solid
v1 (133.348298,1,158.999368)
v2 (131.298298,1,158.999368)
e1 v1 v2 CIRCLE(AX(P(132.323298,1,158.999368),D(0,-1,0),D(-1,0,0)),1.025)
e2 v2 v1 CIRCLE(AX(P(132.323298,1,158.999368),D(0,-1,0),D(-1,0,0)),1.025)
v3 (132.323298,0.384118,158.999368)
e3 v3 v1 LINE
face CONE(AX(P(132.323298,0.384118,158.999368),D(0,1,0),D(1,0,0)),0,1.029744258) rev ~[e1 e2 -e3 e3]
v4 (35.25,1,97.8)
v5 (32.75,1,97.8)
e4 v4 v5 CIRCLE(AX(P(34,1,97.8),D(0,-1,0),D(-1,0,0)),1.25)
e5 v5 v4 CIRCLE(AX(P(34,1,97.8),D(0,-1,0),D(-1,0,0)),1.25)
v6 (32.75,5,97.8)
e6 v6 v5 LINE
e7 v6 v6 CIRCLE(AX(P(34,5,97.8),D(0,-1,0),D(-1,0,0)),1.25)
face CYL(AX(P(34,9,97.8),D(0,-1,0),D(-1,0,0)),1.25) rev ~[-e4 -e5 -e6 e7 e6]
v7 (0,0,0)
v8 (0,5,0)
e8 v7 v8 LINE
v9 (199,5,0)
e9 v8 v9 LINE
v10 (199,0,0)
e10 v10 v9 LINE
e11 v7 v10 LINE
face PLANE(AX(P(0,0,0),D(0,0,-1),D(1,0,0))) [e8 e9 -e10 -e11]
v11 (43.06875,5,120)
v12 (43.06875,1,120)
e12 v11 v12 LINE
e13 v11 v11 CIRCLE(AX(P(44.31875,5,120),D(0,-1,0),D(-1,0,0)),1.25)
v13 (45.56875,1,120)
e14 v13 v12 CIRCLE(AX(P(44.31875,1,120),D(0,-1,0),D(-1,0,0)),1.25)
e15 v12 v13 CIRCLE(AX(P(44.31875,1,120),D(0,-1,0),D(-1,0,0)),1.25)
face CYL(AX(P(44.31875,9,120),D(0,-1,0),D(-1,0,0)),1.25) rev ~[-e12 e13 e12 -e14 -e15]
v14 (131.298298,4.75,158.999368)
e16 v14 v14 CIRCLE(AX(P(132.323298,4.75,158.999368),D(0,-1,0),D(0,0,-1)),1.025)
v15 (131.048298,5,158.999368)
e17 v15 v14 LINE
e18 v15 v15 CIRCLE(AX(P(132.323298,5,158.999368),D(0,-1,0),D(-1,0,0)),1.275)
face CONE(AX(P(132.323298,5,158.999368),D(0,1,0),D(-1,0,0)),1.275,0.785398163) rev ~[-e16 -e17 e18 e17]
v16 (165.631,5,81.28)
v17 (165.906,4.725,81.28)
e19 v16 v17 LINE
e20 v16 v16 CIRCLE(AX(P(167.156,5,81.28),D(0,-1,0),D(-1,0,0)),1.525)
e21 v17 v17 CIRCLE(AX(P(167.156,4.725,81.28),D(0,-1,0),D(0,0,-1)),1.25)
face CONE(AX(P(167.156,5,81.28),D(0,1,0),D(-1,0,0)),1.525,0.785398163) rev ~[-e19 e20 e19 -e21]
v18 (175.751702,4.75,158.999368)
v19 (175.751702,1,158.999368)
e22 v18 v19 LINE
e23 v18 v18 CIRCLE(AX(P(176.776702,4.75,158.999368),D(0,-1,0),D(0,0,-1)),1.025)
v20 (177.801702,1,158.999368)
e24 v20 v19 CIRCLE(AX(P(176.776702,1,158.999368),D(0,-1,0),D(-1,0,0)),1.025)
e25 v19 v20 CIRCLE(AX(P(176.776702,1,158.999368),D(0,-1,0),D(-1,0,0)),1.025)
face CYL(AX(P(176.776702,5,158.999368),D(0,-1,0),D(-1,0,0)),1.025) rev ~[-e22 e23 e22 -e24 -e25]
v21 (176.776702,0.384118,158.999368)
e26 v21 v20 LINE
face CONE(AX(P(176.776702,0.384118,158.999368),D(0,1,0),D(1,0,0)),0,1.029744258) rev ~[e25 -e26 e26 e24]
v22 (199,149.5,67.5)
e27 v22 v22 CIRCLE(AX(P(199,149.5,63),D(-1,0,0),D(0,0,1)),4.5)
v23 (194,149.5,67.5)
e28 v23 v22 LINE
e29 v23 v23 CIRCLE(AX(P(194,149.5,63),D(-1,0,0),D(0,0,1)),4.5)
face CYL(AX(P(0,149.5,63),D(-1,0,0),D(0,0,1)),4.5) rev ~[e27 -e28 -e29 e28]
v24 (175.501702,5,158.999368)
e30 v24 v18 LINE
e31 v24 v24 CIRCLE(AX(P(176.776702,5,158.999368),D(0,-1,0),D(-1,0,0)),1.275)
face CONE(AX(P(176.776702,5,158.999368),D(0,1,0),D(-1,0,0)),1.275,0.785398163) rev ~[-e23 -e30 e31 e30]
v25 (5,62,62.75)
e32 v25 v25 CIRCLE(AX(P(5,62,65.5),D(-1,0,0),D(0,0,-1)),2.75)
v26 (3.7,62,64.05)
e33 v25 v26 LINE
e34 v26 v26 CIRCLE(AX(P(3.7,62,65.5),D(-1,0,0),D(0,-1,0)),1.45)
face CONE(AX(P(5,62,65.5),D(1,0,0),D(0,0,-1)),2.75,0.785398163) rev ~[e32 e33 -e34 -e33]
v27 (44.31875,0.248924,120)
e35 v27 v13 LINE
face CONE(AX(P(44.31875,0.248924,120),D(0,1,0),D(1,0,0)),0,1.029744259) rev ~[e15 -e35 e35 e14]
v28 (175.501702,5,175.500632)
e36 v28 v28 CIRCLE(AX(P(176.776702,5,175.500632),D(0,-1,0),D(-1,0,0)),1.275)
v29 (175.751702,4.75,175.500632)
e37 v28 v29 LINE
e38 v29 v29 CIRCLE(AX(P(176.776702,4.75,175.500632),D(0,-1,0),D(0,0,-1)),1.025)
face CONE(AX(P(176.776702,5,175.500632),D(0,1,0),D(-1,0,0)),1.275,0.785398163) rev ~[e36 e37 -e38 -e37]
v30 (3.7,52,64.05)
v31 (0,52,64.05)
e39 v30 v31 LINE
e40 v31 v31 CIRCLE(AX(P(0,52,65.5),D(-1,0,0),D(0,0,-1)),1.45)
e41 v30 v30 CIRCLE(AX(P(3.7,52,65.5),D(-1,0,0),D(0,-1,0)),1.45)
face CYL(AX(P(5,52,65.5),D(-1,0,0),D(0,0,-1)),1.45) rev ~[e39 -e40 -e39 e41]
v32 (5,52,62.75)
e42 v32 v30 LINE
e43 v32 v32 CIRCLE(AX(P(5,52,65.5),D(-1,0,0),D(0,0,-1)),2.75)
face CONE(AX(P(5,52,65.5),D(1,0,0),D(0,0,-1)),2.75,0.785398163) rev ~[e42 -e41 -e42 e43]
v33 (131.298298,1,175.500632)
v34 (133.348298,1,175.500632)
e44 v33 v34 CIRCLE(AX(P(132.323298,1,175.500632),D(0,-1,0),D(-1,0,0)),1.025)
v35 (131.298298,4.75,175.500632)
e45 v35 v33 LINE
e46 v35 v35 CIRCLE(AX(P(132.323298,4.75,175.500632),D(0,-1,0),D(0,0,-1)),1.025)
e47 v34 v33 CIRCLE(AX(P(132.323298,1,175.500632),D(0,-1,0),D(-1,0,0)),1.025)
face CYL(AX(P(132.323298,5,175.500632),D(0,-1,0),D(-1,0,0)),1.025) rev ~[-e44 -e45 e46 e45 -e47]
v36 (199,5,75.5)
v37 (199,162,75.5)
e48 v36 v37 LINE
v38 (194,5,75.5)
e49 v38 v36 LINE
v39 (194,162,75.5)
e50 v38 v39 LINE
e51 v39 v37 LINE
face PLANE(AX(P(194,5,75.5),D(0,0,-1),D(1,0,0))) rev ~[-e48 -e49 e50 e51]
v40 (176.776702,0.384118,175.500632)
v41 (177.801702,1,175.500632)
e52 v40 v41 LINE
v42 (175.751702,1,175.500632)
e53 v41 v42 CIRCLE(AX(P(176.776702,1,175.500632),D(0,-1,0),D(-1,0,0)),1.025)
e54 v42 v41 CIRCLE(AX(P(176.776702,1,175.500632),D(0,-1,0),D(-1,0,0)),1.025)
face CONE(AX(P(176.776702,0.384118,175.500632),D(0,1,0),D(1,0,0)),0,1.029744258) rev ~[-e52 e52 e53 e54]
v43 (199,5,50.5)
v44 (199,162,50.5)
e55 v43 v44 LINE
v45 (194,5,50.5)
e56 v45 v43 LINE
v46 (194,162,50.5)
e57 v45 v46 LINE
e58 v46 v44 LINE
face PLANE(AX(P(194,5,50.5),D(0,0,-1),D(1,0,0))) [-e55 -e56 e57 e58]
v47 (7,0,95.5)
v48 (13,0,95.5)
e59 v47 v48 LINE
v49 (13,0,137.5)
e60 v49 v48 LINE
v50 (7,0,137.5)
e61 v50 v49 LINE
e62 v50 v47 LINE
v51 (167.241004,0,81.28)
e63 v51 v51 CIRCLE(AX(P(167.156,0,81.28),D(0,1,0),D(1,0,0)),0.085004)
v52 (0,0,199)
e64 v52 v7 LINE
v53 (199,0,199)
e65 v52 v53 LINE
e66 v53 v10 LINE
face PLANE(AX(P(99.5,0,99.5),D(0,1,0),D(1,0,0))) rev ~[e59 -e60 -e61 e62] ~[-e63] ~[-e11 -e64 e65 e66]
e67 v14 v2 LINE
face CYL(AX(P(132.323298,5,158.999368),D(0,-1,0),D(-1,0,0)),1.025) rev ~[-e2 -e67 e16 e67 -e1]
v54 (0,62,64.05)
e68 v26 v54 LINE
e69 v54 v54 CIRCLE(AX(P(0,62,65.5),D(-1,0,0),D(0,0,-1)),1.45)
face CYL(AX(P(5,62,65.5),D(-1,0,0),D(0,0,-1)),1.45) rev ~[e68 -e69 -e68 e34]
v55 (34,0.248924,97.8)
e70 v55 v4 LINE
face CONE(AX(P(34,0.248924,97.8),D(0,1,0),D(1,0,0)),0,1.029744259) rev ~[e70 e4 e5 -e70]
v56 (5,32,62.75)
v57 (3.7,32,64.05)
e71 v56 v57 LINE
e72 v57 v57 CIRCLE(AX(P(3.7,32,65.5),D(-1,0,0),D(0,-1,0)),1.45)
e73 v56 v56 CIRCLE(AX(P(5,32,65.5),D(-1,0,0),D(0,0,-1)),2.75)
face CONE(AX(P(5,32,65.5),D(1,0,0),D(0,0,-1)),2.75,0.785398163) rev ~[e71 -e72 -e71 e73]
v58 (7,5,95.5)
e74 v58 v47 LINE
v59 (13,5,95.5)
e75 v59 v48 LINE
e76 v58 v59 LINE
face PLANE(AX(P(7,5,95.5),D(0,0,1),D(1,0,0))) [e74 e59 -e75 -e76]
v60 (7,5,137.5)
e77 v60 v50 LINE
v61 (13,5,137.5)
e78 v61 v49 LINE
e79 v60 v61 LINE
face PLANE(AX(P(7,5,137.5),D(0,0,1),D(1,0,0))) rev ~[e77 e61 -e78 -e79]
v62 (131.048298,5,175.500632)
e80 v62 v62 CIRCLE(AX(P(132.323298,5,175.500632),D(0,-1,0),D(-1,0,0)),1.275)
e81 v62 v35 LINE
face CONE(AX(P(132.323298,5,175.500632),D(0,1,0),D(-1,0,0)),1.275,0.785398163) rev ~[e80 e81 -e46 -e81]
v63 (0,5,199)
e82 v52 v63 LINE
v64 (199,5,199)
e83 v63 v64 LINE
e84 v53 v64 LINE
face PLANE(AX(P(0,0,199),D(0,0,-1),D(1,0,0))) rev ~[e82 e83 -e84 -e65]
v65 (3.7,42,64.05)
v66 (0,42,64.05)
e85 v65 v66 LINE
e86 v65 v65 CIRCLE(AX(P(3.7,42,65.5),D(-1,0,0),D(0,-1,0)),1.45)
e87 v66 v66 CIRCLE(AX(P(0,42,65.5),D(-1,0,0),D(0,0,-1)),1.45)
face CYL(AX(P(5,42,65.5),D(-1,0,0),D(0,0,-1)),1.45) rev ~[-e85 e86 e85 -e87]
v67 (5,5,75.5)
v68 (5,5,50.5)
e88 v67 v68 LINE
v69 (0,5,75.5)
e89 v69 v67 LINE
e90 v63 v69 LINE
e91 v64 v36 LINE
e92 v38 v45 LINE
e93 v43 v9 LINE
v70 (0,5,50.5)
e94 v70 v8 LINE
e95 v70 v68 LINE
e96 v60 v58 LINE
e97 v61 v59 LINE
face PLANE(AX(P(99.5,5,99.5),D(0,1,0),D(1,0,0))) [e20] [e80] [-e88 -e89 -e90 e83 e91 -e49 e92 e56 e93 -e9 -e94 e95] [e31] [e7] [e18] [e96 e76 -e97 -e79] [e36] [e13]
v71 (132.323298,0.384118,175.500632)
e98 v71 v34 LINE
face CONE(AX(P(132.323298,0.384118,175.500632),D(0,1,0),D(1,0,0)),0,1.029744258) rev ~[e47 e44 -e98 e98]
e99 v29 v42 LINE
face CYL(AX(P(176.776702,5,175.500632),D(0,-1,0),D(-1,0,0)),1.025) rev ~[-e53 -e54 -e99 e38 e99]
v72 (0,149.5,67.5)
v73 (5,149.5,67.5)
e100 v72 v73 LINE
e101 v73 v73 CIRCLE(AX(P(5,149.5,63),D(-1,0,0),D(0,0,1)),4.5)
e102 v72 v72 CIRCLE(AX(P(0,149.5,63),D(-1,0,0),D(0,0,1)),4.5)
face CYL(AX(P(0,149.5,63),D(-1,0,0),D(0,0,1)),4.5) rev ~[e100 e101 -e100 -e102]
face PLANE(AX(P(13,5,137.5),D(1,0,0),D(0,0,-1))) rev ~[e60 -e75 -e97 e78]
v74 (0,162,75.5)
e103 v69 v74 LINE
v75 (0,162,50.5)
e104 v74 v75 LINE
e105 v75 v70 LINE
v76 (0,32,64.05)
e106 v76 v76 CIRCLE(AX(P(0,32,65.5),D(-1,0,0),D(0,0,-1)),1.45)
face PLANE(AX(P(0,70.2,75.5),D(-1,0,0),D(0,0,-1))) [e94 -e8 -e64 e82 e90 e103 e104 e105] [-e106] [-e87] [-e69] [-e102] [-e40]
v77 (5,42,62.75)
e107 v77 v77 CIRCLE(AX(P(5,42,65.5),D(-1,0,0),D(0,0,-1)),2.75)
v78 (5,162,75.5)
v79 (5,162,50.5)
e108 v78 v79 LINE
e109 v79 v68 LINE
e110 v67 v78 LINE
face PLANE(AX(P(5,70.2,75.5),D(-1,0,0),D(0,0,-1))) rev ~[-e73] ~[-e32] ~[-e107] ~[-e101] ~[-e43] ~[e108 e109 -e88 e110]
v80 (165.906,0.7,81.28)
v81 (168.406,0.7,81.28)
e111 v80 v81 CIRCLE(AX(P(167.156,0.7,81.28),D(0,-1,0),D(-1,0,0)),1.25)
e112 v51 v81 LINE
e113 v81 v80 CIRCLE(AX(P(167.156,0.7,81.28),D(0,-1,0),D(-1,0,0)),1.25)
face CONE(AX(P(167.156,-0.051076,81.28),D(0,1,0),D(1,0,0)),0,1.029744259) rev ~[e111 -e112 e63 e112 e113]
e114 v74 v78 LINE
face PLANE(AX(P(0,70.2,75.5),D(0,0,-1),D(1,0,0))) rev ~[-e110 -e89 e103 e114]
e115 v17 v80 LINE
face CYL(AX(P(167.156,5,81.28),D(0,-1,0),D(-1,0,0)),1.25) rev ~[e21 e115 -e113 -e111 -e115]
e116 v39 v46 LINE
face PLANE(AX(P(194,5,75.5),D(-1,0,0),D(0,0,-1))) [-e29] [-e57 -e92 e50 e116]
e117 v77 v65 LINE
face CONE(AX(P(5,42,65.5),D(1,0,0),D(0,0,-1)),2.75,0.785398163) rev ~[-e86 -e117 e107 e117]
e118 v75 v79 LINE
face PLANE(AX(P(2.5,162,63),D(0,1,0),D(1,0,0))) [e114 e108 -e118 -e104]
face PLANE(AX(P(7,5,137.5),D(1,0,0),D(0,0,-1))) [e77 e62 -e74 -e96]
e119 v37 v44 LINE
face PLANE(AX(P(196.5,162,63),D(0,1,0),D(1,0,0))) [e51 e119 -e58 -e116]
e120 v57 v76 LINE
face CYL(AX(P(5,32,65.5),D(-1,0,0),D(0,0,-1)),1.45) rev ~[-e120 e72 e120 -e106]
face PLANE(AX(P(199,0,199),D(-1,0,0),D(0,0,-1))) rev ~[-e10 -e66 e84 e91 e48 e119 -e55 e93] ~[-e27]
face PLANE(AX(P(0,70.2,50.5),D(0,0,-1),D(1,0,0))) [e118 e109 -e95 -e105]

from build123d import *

# Parameters (mm, degrees)
SKETCH1_W                                         = 199
SKETCH1_H                                         = 199
BOSS_EXTRUDE1_DEPTH                               = 5
SKETCH2_W                                         = 5
SKETCH2_H                                         = 25
BOSS_EXTRUDE2_DEPTH                               = 18.8
SKETCH3_W                                         = 5
SKETCH3_H                                         = 25
BOSS_EXTRUDE3_DEPTH                               = 46.4
SKETCH4_W                                         = 5
SKETCH4_H                                         = 25
BOSS_EXTRUDE4_DEPTH                               = 91.8
SKETCH5_W                                         = 5
SKETCH5_H                                         = 25
BOSS_EXTRUDE5_DEPTH                               = 157
SKETCH6_R                                         = 4.5
CUT_EXTRUDE1_DEPTH                                = 325.724498614
SKETCH12_W                                        = 6
SKETCH12_H                                        = 42
CUT_EXTRUDE3_DEPTH                                = 5
M3X0_5_TAPPED_HOLE1_D                             = 2.5
M3X0_5_TAPPED_HOLE1_DEPTH                         = 4
M3X0_5_TAPPED_HOLE1_TIP                           = 0.751075774
CSK_FOR_M2_5_FLAT_HEAD_MACHINE_SCREW1_D           = 2.9
CSK_FOR_M2_5_FLAT_HEAD_MACHINE_SCREW1_DEPTH       = 5
CSK_FOR_M2_5_FLAT_HEAD_MACHINE_SCREW1_CSINK_D     = 5.5
CSK_FOR_M2_5_FLAT_HEAD_MACHINE_SCREW1_CSINK_ANGLE = 90
M2_5X0_45_TAPPED_HOLE1_D                          = 2.05
M2_5X0_45_TAPPED_HOLE1_DEPTH                      = 4
M2_5X0_45_TAPPED_HOLE1_CSINK_D                    = 2.55
M2_5X0_45_TAPPED_HOLE1_CSINK_ANGLE                = 90
M2_5X0_45_TAPPED_HOLE1_TIP                        = 0.615882135
M3X0_5_TAPPED_HOLE2_D                             = 2.5
M3X0_5_TAPPED_HOLE2_DEPTH                         = 4.3
M3X0_5_TAPPED_HOLE2_CSINK_D                       = 3.05
M3X0_5_TAPPED_HOLE2_CSINK_ANGLE                   = 90
M3X0_5_TAPPED_HOLE2_TIP                           = 0.751075774


with BuildPart() as part:
    # Sketch1 → Boss-Extrude1 (new body)
    with BuildSketch(Plane(origin=(0, 0, 0), x_dir=(1, 0, 0), z_dir=(0, 1, 0))):
        with Locations((99.5, -99.5)):
            Rectangle(SKETCH1_W, SKETCH1_H)
    extrude(amount=BOSS_EXTRUDE1_DEPTH)

    # Sketch2 → Boss-Extrude2 (add)
    with BuildSketch(Plane(origin=(0, 5, 0), x_dir=(1, 0, 0), z_dir=(0, 1, 0))):
        with Locations((2.5, -63)):
            Rectangle(SKETCH2_W, SKETCH2_H)
    extrude(amount=BOSS_EXTRUDE2_DEPTH)

    # Sketch3 → Boss-Extrude3 (add)
    with BuildSketch(Plane(origin=(0, 23.8, 0), x_dir=(1, 0, 0), z_dir=(0, 1, 0))):
        with Locations((2.5, -63)):
            Rectangle(SKETCH3_W, SKETCH3_H)
    extrude(amount=BOSS_EXTRUDE3_DEPTH)

    # Sketch4 → Boss-Extrude4 (add)
    with BuildSketch(Plane(origin=(0, 70.2, 0), x_dir=(1, 0, 0), z_dir=(0, 1, 0))):
        with Locations((2.5, -63)):
            Rectangle(SKETCH4_W, SKETCH4_H)
    extrude(amount=BOSS_EXTRUDE4_DEPTH)

    # Sketch5 → Boss-Extrude5 (add)
    with BuildSketch(Plane(origin=(0, 5, 0), x_dir=(1, 0, 0), z_dir=(0, 1, 0))):
        with Locations((196.5, -63)):
            Rectangle(SKETCH5_W, SKETCH5_H)
    extrude(amount=BOSS_EXTRUDE5_DEPTH)

    # Sketch6 → Cut-Extrude1 (cut, through all)
    with BuildSketch(Plane.ZY):
        with Locations((63, 149.5)):
            Circle(SKETCH6_R)
    extrude(amount=-CUT_EXTRUDE1_DEPTH, mode=Mode.SUBTRACT)

    # Sketch12 → Cut-Extrude3 (cut)
    with BuildSketch(Plane(origin=(0, 5, 0), x_dir=(1, 0, 0), z_dir=(0, 1, 0))):
        with Locations((10, -116.5)):
            Rectangle(SKETCH12_W, SKETCH12_H)
    extrude(amount=-CUT_EXTRUDE3_DEPTH, mode=Mode.SUBTRACT)

    # M3x0.5 Tapped Hole1
    with Locations(Plane(origin=(0, 5, 0), x_dir=(1, 0, 0), z_dir=(0, 1, 0))):
        with Locations((34, -97.8), (44.31875, -120)):
            Hole(M3X0_5_TAPPED_HOLE1_D / 2, depth=M3X0_5_TAPPED_HOLE1_DEPTH)
            with Locations((0, 0, -(M3X0_5_TAPPED_HOLE1_DEPTH + M3X0_5_TAPPED_HOLE1_TIP / 2))):  # 118° drill point
                Cone(0, M3X0_5_TAPPED_HOLE1_D / 2, M3X0_5_TAPPED_HOLE1_TIP, mode=Mode.SUBTRACT)

    # CSK for M2.5 Flat Head Machine Screw1
    with Locations(Plane(origin=(5, 62, 65.5), x_dir=(0, 0, 1), z_dir=(1, 0, 0))):
        with Locations((0, 0), (0, 10), (0, 20), (0, 30)):
            CounterSinkHole(CSK_FOR_M2_5_FLAT_HEAD_MACHINE_SCREW1_D / 2, CSK_FOR_M2_5_FLAT_HEAD_MACHINE_SCREW1_CSINK_D / 2, depth=CSK_FOR_M2_5_FLAT_HEAD_MACHINE_SCREW1_DEPTH, counter_sink_angle=CSK_FOR_M2_5_FLAT_HEAD_MACHINE_SCREW1_CSINK_ANGLE)

    # M2.5x0.45 Tapped Hole1
    with Locations(Plane(origin=(0, 5, 0), x_dir=(1, 0, 0), z_dir=(0, 1, 0))):
        with Locations((132.323297508, -175.500631971), (132.323297508, -158.999368029), (176.776702492, -158.999368029), (176.776702492, -175.500631971)):
            CounterSinkHole(M2_5X0_45_TAPPED_HOLE1_D / 2, M2_5X0_45_TAPPED_HOLE1_CSINK_D / 2, depth=M2_5X0_45_TAPPED_HOLE1_DEPTH, counter_sink_angle=M2_5X0_45_TAPPED_HOLE1_CSINK_ANGLE)
            with Locations((0, 0, -(M2_5X0_45_TAPPED_HOLE1_DEPTH + M2_5X0_45_TAPPED_HOLE1_TIP / 2))):  # 118° drill point
                Cone(0, M2_5X0_45_TAPPED_HOLE1_D / 2, M2_5X0_45_TAPPED_HOLE1_TIP, mode=Mode.SUBTRACT)

    # M3x0.5 Tapped Hole2
    with Locations(Plane(origin=(0, 5, 0), x_dir=(1, 0, 0), z_dir=(0, 1, 0))):
        with Locations((167.156, -81.28)):
            CounterSinkHole(M3X0_5_TAPPED_HOLE2_D / 2, M3X0_5_TAPPED_HOLE2_CSINK_D / 2, depth=M3X0_5_TAPPED_HOLE2_DEPTH, counter_sink_angle=M3X0_5_TAPPED_HOLE2_CSINK_ANGLE)
            with Locations((0, 0, -(M3X0_5_TAPPED_HOLE2_DEPTH + M3X0_5_TAPPED_HOLE2_TIP / 2))):  # 118° drill point
                Cone(0, M3X0_5_TAPPED_HOLE2_D / 2, M3X0_5_TAPPED_HOLE2_TIP, mode=Mode.SUBTRACT)


solid = part.part
